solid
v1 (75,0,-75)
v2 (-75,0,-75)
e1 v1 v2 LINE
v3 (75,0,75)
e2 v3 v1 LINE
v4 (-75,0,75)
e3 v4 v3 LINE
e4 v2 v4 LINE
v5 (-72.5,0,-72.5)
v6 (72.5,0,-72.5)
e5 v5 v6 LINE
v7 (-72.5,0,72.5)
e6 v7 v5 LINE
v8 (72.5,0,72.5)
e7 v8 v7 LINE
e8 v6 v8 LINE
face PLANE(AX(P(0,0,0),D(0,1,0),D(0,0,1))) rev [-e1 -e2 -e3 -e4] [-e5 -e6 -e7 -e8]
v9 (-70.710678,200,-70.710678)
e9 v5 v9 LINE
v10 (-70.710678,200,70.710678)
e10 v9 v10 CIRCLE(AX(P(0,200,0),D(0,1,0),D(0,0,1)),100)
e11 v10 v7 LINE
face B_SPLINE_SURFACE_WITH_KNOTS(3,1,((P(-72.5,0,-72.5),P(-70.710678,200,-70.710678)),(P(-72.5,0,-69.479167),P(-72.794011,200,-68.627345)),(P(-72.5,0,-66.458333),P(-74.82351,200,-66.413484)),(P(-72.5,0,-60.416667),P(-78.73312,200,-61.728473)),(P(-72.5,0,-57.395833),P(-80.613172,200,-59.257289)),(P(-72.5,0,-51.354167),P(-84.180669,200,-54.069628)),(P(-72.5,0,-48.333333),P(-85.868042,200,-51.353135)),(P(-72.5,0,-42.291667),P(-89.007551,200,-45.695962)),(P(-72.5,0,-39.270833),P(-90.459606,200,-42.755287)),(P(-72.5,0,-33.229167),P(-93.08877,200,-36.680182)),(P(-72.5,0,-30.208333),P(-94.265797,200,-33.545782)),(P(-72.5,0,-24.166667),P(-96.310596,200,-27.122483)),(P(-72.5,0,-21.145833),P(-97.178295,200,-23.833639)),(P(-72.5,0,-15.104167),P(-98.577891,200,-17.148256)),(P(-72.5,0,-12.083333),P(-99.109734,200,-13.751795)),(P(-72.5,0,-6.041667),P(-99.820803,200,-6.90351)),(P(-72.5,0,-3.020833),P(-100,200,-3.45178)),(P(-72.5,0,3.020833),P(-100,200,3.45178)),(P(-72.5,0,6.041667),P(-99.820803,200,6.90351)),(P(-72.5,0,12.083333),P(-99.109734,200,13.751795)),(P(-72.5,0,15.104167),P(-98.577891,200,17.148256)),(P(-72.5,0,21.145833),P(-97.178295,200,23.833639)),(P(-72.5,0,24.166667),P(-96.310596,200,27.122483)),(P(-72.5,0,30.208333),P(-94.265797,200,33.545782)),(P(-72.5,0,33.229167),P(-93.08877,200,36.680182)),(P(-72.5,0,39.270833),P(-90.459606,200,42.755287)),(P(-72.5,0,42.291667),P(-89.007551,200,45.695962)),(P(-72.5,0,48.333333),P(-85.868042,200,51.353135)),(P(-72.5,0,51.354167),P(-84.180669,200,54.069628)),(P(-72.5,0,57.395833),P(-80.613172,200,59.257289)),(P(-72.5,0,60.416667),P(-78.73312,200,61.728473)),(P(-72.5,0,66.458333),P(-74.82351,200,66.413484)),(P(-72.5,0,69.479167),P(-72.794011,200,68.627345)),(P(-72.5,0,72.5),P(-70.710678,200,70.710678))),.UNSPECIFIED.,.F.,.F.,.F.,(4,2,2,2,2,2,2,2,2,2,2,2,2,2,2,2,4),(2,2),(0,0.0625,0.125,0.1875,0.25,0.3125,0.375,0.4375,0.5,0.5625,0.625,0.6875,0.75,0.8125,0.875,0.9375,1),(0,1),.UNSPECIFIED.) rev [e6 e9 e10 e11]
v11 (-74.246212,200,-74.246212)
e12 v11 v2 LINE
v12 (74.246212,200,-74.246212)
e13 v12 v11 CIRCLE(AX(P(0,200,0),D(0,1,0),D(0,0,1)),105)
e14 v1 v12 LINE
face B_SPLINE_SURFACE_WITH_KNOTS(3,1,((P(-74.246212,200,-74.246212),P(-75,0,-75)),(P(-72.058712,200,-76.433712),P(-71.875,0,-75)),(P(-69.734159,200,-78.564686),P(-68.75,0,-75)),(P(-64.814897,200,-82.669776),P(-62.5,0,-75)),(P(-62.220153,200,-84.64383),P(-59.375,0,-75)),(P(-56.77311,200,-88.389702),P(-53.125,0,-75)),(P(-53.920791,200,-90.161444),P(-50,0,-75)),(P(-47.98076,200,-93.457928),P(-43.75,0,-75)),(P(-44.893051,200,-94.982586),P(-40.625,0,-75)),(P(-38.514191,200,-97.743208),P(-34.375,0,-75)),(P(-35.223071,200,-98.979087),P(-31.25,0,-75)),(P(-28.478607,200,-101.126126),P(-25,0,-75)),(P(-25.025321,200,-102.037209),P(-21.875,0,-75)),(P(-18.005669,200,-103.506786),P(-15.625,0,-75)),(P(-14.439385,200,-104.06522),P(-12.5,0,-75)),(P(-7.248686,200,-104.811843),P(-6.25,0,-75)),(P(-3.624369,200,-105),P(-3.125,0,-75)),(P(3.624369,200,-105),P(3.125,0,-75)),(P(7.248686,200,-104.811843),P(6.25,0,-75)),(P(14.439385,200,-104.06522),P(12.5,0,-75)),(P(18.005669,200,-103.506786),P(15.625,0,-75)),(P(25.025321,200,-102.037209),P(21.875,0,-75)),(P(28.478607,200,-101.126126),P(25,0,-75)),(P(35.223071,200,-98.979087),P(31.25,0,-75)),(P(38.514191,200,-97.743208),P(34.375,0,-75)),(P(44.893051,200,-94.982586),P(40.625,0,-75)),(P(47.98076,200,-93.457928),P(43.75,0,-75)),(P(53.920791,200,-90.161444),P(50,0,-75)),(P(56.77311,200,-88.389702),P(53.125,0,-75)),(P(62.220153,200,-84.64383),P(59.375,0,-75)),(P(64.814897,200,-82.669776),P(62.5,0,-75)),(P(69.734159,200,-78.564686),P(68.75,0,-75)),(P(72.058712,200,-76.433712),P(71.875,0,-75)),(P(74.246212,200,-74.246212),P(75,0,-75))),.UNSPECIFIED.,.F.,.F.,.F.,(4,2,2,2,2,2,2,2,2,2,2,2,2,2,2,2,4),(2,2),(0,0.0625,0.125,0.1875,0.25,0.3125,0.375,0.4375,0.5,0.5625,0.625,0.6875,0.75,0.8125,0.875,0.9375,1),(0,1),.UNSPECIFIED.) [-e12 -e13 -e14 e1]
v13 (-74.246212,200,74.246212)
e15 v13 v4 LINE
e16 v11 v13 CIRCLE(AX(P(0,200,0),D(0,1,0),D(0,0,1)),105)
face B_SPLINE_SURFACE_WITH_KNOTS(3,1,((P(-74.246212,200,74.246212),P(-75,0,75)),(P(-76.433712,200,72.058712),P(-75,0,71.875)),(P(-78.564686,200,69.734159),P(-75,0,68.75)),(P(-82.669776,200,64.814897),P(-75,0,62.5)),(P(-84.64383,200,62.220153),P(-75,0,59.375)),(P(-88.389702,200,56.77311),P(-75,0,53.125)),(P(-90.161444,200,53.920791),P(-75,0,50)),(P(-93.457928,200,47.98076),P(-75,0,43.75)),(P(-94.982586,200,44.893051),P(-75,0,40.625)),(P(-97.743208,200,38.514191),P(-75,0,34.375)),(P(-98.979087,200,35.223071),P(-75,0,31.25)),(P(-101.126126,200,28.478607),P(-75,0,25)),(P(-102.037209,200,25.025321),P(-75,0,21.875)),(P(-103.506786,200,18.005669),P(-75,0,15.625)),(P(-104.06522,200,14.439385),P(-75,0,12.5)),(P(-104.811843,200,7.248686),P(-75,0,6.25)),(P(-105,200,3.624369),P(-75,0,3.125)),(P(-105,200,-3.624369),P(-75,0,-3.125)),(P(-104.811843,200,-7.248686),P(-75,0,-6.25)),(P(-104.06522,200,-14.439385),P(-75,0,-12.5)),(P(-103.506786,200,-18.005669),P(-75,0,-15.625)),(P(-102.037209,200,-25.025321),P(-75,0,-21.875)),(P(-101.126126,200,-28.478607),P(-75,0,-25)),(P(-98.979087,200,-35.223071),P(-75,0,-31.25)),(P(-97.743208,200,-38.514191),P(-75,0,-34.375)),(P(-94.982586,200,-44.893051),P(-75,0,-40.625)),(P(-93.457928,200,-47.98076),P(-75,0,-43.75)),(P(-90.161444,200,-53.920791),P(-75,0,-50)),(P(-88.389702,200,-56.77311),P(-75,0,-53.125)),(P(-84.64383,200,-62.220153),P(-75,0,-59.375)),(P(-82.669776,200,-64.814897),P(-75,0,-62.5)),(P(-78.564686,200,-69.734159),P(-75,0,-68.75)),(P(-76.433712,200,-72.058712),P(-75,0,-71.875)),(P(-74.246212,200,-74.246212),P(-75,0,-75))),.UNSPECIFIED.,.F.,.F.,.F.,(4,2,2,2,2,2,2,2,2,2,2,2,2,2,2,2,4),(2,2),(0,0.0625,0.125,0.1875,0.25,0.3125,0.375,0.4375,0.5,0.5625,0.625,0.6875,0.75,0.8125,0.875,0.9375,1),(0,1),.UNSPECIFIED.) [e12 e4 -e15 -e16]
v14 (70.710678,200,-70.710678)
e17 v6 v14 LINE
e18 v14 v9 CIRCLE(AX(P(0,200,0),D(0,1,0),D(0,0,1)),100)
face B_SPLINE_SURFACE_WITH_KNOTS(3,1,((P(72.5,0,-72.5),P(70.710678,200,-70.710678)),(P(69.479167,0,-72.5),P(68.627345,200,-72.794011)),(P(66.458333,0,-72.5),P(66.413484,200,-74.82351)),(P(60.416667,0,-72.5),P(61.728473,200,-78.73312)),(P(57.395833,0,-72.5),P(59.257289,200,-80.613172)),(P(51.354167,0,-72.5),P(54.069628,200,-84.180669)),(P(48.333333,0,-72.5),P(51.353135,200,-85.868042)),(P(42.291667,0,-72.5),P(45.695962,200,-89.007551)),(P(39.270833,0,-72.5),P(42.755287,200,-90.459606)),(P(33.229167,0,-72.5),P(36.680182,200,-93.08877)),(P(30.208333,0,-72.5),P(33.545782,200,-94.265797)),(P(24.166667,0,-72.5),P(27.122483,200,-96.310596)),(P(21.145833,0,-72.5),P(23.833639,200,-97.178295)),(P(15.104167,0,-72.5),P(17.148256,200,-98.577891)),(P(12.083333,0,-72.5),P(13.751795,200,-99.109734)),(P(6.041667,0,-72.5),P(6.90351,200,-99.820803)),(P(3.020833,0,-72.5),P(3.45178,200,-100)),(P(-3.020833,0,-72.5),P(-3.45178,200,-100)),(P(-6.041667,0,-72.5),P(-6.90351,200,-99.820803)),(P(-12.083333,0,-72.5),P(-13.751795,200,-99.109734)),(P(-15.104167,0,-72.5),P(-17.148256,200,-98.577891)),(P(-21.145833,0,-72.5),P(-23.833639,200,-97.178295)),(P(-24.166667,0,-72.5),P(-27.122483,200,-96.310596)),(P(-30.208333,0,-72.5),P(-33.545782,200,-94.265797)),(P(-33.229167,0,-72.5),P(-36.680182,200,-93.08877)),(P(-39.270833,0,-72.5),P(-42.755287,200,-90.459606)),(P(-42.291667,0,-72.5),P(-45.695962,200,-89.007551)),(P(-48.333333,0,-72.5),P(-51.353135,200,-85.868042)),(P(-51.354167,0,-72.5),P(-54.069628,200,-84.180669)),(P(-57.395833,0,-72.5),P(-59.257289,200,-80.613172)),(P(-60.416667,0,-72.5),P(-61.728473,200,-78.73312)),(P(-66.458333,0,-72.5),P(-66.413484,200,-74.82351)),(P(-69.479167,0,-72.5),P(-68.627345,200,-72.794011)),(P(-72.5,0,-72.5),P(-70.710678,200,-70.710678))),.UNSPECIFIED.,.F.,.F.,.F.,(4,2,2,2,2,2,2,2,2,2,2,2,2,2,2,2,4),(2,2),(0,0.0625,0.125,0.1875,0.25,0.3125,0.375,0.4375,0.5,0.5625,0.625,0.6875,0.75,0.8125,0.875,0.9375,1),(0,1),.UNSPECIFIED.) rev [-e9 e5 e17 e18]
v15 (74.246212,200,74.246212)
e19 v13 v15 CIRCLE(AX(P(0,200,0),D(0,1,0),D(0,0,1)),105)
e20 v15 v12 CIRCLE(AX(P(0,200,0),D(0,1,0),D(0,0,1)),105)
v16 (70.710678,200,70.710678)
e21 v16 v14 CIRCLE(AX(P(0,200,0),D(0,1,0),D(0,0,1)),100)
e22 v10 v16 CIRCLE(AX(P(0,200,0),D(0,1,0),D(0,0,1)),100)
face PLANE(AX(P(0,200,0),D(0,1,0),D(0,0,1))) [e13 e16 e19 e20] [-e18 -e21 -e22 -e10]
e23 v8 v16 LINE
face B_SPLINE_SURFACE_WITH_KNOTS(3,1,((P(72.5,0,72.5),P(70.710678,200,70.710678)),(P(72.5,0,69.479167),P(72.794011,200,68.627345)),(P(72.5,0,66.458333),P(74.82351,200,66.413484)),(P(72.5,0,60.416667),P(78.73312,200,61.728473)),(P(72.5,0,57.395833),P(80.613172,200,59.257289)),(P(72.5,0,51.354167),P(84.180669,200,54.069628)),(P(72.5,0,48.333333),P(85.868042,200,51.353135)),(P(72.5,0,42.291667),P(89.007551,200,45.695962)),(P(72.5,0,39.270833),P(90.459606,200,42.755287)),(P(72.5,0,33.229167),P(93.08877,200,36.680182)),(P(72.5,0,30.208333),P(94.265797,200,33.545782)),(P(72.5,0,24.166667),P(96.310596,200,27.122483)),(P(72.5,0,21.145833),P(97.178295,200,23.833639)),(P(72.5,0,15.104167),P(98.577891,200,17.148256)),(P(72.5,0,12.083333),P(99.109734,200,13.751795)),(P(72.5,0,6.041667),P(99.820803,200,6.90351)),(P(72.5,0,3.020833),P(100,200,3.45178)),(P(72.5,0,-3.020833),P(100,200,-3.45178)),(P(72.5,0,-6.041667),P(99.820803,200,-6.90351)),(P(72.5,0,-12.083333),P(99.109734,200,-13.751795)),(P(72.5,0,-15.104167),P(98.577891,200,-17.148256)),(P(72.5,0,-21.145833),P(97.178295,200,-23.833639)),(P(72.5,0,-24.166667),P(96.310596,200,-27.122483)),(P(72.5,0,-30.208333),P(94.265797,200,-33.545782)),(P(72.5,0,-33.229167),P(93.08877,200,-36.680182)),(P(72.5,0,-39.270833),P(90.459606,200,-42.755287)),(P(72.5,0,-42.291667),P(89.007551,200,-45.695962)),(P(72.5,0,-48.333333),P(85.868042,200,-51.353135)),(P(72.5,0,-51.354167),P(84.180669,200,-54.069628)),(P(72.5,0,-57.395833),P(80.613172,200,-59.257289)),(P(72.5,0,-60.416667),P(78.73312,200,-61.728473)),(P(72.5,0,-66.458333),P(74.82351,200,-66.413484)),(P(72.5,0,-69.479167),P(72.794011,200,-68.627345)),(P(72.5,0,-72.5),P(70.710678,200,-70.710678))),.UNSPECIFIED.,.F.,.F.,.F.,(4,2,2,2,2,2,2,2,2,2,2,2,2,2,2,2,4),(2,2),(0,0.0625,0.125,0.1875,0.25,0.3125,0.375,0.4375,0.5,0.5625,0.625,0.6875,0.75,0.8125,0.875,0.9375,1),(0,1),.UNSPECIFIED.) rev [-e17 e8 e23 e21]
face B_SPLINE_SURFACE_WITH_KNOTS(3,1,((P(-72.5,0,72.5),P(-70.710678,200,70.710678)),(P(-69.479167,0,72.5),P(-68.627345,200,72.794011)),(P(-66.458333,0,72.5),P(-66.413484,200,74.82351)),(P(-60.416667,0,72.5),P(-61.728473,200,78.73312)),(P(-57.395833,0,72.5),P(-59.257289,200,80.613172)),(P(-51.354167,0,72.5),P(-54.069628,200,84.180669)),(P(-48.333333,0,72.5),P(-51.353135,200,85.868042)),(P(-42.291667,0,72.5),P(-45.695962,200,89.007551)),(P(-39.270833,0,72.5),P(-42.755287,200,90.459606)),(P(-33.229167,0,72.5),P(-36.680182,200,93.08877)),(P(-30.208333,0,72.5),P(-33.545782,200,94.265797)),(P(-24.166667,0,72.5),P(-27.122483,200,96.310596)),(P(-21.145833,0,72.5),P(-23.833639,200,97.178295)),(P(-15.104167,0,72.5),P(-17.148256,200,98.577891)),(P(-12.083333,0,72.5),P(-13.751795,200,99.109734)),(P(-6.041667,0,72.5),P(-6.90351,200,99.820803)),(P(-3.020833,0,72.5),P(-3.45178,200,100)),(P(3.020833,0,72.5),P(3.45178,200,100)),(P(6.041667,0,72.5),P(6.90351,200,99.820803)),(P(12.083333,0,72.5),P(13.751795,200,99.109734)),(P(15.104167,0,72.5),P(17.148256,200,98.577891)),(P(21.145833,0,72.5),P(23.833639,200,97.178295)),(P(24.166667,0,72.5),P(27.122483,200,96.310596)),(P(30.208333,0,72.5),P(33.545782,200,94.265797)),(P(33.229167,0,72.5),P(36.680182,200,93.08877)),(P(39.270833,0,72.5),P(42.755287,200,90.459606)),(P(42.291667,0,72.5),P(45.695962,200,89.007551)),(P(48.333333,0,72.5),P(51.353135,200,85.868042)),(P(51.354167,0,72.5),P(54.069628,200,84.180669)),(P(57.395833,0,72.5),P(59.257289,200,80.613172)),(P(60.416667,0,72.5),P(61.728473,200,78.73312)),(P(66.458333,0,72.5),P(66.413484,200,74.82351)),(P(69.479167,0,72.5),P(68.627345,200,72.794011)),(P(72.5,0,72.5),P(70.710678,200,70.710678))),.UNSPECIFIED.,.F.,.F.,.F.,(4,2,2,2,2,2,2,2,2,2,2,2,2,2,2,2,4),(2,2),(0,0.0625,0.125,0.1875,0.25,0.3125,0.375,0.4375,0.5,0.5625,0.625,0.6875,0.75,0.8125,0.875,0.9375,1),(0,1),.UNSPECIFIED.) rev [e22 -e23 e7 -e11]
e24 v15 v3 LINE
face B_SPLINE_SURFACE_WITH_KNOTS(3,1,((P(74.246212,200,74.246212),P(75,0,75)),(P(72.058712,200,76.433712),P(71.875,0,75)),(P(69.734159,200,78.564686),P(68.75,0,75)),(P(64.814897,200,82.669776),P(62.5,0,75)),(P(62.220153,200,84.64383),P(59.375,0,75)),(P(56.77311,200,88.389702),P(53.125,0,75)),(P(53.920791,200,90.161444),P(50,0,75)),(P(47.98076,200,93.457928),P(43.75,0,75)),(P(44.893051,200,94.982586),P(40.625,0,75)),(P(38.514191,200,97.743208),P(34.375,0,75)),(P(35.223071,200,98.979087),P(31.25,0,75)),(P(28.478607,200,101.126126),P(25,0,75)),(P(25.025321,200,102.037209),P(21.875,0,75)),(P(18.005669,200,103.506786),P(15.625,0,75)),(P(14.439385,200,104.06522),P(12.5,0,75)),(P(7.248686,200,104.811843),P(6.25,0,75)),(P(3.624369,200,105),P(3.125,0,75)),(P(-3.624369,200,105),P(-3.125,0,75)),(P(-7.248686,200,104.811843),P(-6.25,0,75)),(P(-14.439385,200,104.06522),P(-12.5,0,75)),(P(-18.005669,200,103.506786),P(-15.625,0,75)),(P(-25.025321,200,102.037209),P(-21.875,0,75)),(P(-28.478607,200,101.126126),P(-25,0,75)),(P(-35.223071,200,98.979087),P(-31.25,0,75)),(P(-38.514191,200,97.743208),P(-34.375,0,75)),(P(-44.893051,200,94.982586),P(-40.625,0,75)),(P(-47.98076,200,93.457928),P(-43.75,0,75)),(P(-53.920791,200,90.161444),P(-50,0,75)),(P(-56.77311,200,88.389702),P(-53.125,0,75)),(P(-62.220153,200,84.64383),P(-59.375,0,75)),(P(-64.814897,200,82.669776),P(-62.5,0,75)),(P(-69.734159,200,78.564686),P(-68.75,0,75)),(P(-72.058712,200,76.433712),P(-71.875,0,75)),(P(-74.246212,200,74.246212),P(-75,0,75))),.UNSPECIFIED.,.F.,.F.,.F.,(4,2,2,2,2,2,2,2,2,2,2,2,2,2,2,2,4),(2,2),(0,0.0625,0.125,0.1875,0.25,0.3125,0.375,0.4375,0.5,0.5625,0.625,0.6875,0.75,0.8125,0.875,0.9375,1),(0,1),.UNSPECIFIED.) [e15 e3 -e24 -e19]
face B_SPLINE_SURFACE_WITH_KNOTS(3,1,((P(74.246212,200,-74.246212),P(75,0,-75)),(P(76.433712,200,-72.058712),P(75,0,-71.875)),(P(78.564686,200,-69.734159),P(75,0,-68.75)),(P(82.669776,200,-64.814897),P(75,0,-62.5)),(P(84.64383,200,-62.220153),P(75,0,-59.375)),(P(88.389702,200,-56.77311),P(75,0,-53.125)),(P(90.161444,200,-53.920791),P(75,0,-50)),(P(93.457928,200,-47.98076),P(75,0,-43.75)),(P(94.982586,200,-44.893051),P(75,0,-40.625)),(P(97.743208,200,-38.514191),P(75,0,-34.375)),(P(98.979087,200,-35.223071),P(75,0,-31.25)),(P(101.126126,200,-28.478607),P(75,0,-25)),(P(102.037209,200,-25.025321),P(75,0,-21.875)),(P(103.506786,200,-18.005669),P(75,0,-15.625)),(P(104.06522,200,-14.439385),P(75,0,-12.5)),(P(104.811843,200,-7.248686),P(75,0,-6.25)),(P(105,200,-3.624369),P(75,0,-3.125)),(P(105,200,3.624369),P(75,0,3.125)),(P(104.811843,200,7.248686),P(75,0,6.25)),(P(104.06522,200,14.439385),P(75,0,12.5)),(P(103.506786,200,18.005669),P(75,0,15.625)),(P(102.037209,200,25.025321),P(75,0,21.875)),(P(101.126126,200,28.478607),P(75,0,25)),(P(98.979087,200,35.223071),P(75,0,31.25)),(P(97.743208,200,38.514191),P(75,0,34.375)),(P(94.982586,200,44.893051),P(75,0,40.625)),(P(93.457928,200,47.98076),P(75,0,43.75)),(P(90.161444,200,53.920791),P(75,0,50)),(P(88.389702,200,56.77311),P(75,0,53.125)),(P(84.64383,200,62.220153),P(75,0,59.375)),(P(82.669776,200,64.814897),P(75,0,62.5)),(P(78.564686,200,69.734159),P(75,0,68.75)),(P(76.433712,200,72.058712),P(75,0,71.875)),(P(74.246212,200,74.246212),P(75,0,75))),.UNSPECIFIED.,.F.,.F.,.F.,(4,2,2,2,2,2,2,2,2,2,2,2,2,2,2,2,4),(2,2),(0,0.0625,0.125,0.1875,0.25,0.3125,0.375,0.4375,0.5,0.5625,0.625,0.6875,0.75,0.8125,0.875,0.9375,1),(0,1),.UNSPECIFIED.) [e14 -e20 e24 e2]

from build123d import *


with BuildPart() as part:
    # Sketch2 for Loft1 → Loft1 section 0
    with BuildSketch(Plane(origin=(0, 200, 0), x_dir=(1, 0, 0), z_dir=(0, 1, 0))):
        with BuildLine():
            # circular arc as an exact rational Bezier (weights 1, cos(half-angle), 1)
            Bezier((-74.246212025, 74.246212025), (0, 148.492424048), (74.246212025, 74.246212025), weights=[1, 0.707106781, 1])
            Bezier((74.246212025, 74.246212025), (148.492424048, 0), (74.246212025, -74.246212025), weights=[1, 0.707106781, 1])
            Bezier((74.246212025, -74.246212025), (0, -148.492424048), (-74.246212025, -74.246212025), weights=[1, 0.707106781, 1])
            Bezier((-74.246212025, -74.246212025), (-148.492424048, 0), (-74.246212025, 74.246212025), weights=[1, 0.707106781, 1])
        make_face()
    # Sketch1 → Loft1 section 1
    with BuildSketch(Plane(origin=(0, 0, 0), x_dir=(1, 0, 0), z_dir=(0, 1, 0))):
        with BuildLine():
            Line((-75, 75), (75, 75))
            Line((75, 75), (75, -75))
            Line((75, -75), (-75, -75))
            Line((-75, -75), (-75, 75))
        make_face()
    loft()

    # Sketch4 → Cut-Loft1 section 0
    with BuildSketch(Plane.XZ):
        with BuildLine():
            Line((-72.5, 72.5), (72.5, 72.5))
            Line((72.5, 72.5), (72.5, -72.5))
            Line((72.5, -72.5), (-72.5, -72.5))
            Line((-72.5, -72.5), (-72.5, 72.5))
        make_face()
    # Sketch3 for Cut-Loft1 → Cut-Loft1 section 1
    with BuildSketch(Plane(origin=(0, 200, 0), x_dir=(1, 0, 0), z_dir=(0, 1, 0))):
        with BuildLine():
            Bezier((-70.710678119, -70.710678119), (0, -141.421356236), (70.710678119, -70.710678119), weights=[1, 0.707106781, 1])
            Bezier((70.710678119, -70.710678119), (141.421356236, 0), (70.710678119, 70.710678119), weights=[1, 0.707106781, 1])
            Bezier((70.710678119, 70.710678119), (0, 141.421356236), (-70.710678119, 70.710678119), weights=[1, 0.707106781, 1])
            Bezier((-70.710678119, 70.710678119), (-141.421356236, 0), (-70.710678119, -70.710678119), weights=[1, 0.707106781, 1])
        make_face()
    loft(mode=Mode.SUBTRACT)


solid = part.part
